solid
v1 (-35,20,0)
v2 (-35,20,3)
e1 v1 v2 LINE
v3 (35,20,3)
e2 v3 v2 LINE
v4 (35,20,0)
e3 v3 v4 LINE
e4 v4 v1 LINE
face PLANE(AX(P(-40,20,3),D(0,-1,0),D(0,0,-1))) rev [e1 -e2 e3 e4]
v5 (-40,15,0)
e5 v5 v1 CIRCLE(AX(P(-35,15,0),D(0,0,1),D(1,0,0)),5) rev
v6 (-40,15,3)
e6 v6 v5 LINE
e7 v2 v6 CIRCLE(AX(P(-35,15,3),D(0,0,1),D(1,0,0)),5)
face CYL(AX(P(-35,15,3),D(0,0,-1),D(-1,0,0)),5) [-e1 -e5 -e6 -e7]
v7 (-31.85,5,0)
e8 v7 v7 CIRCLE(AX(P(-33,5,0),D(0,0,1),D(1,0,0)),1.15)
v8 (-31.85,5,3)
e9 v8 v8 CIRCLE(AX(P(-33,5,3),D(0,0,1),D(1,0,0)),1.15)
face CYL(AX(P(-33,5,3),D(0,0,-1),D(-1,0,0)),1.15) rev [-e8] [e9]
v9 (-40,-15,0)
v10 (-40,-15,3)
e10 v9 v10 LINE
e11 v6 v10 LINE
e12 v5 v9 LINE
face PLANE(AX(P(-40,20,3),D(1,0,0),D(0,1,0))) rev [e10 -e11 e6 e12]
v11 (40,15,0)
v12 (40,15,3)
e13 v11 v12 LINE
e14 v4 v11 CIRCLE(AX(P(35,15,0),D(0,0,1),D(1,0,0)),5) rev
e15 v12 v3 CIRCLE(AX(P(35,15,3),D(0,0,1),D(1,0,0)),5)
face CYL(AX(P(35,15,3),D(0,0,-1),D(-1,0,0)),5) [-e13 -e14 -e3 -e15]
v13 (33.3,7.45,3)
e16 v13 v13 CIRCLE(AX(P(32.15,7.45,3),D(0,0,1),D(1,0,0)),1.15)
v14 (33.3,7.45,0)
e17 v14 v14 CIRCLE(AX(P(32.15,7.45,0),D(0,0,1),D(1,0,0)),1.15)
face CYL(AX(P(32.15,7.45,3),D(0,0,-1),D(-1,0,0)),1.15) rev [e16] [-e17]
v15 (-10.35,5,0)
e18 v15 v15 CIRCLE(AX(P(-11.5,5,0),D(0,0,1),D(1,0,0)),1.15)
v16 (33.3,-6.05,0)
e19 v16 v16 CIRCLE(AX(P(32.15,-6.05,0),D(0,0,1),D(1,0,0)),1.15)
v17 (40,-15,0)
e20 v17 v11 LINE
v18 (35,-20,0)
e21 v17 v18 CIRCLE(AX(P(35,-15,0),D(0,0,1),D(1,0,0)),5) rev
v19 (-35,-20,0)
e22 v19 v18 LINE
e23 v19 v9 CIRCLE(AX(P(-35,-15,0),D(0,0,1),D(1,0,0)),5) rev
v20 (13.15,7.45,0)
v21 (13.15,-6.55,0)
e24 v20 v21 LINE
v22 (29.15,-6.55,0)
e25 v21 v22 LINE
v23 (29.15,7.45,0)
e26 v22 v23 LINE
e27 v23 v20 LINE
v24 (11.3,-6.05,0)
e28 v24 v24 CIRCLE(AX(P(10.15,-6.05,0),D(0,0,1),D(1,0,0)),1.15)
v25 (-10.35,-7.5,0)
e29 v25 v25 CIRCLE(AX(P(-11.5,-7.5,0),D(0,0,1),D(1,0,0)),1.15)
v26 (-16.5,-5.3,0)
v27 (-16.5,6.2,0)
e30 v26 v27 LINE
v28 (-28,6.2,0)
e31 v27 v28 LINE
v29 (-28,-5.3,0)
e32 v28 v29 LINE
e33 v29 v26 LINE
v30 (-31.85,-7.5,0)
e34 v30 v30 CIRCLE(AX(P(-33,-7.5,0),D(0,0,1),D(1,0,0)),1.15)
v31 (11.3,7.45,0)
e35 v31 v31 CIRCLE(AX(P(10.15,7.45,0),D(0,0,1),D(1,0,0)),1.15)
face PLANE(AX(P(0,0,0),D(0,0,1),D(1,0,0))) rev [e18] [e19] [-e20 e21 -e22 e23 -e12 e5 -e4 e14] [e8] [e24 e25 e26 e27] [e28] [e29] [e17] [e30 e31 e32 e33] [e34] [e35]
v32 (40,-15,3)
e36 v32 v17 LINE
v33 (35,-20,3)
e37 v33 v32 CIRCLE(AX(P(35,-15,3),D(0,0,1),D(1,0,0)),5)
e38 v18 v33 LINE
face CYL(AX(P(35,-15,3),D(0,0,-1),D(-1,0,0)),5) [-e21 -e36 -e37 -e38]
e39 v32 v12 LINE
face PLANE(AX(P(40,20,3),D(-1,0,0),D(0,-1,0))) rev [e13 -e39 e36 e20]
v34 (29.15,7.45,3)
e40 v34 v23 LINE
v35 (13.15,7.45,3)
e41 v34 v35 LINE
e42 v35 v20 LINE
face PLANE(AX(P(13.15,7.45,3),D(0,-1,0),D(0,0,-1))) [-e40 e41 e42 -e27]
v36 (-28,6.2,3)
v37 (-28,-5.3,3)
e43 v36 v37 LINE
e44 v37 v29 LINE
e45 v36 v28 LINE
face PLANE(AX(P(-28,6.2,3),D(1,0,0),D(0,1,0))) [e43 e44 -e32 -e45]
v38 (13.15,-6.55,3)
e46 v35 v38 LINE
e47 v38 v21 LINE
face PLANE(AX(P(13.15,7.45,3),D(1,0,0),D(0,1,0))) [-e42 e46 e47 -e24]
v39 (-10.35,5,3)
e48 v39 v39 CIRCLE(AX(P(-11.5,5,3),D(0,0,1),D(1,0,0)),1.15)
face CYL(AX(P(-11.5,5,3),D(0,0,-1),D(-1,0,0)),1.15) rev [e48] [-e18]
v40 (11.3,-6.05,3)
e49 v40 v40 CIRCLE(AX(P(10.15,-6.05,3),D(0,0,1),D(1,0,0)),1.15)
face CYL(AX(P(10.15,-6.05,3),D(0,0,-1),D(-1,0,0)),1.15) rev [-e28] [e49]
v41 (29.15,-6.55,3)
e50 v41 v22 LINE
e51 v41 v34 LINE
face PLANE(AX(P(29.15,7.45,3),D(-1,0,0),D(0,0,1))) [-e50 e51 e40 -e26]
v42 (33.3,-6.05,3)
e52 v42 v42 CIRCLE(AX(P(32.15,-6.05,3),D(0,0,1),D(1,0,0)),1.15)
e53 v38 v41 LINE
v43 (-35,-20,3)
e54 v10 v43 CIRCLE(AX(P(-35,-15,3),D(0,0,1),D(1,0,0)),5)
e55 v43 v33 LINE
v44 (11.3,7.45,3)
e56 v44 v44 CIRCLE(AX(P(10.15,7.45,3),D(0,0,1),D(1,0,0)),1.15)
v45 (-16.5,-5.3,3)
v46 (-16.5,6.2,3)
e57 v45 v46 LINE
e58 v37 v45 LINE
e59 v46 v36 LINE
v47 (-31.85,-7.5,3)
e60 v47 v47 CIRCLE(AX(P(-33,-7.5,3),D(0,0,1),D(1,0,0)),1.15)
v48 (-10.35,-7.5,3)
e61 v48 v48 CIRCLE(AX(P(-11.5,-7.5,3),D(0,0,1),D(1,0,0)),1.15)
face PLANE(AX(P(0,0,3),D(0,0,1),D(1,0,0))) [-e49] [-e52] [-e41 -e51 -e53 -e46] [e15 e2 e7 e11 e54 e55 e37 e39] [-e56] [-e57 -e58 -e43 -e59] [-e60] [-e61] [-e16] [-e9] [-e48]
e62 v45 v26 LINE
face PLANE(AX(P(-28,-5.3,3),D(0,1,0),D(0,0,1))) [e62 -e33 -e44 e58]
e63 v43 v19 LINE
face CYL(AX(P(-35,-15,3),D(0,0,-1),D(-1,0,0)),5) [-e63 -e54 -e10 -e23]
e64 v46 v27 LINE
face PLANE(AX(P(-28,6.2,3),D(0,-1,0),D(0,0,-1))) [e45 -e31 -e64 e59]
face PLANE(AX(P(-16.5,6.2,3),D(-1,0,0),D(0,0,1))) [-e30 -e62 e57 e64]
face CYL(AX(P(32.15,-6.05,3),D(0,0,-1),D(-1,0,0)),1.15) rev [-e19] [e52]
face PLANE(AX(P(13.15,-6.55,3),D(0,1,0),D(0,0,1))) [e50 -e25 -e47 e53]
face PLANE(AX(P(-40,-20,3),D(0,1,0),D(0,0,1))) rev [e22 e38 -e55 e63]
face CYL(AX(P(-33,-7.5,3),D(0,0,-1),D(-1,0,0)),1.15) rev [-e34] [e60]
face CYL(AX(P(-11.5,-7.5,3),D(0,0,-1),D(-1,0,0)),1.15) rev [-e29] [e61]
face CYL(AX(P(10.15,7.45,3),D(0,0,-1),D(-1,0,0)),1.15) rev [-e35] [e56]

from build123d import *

# Parameters (mm, degrees)
SKETCH1_W           = 80
SKETCH1_H           = 40
SKETCH1_R           = 1.15
SKETCH1_W_2         = 11.5
SKETCH1_H_2         = 11.5
SKETCH1_W_3         = 16
SKETCH1_H_3         = 14
BOSS_EXTRUDE1_DEPTH = 3
FILLET1_R           = 5


with BuildPart() as part:
    # Sketch1 → Boss-Extrude1 (new body)
    with BuildSketch(Plane.XY):
        Rectangle(SKETCH1_W, SKETCH1_H)
        with Locations((-11.5, 5)):
            Circle(SKETCH1_R, mode=Mode.SUBTRACT)
        with Locations((-11.5, -7.5)):
            Circle(SKETCH1_R, mode=Mode.SUBTRACT)
        with Locations((-33, 5)):
            Circle(SKETCH1_R, mode=Mode.SUBTRACT)
        with Locations((-33, -7.5)):
            Circle(SKETCH1_R, mode=Mode.SUBTRACT)
        with Locations((10.15, 7.45)):
            Circle(SKETCH1_R, mode=Mode.SUBTRACT)
        with Locations((10.15, -6.05)):
            Circle(SKETCH1_R, mode=Mode.SUBTRACT)
        with Locations((32.15, 7.45)):
            Circle(SKETCH1_R, mode=Mode.SUBTRACT)
        with Locations((32.15, -6.05)):
            Circle(SKETCH1_R, mode=Mode.SUBTRACT)
        with Locations((-22.25, 0.45)):
            Rectangle(SKETCH1_W_2, SKETCH1_H_2, mode=Mode.SUBTRACT)
        with Locations((21.15, 0.45)):
            Rectangle(SKETCH1_W_3, SKETCH1_H_3, mode=Mode.SUBTRACT)
    extrude(amount=BOSS_EXTRUDE1_DEPTH)

    # Fillet1
    fillet1_edges = [part.edges().sort_by_distance(p)[0] for p in [
        (40, -20, 1.5),
        (-40, -20, 1.5),
        (-40, 20, 1.5),
        (40, 20, 1.5),
    ]]
    fillet(fillet1_edges, radius=FILLET1_R)


solid = part.part
